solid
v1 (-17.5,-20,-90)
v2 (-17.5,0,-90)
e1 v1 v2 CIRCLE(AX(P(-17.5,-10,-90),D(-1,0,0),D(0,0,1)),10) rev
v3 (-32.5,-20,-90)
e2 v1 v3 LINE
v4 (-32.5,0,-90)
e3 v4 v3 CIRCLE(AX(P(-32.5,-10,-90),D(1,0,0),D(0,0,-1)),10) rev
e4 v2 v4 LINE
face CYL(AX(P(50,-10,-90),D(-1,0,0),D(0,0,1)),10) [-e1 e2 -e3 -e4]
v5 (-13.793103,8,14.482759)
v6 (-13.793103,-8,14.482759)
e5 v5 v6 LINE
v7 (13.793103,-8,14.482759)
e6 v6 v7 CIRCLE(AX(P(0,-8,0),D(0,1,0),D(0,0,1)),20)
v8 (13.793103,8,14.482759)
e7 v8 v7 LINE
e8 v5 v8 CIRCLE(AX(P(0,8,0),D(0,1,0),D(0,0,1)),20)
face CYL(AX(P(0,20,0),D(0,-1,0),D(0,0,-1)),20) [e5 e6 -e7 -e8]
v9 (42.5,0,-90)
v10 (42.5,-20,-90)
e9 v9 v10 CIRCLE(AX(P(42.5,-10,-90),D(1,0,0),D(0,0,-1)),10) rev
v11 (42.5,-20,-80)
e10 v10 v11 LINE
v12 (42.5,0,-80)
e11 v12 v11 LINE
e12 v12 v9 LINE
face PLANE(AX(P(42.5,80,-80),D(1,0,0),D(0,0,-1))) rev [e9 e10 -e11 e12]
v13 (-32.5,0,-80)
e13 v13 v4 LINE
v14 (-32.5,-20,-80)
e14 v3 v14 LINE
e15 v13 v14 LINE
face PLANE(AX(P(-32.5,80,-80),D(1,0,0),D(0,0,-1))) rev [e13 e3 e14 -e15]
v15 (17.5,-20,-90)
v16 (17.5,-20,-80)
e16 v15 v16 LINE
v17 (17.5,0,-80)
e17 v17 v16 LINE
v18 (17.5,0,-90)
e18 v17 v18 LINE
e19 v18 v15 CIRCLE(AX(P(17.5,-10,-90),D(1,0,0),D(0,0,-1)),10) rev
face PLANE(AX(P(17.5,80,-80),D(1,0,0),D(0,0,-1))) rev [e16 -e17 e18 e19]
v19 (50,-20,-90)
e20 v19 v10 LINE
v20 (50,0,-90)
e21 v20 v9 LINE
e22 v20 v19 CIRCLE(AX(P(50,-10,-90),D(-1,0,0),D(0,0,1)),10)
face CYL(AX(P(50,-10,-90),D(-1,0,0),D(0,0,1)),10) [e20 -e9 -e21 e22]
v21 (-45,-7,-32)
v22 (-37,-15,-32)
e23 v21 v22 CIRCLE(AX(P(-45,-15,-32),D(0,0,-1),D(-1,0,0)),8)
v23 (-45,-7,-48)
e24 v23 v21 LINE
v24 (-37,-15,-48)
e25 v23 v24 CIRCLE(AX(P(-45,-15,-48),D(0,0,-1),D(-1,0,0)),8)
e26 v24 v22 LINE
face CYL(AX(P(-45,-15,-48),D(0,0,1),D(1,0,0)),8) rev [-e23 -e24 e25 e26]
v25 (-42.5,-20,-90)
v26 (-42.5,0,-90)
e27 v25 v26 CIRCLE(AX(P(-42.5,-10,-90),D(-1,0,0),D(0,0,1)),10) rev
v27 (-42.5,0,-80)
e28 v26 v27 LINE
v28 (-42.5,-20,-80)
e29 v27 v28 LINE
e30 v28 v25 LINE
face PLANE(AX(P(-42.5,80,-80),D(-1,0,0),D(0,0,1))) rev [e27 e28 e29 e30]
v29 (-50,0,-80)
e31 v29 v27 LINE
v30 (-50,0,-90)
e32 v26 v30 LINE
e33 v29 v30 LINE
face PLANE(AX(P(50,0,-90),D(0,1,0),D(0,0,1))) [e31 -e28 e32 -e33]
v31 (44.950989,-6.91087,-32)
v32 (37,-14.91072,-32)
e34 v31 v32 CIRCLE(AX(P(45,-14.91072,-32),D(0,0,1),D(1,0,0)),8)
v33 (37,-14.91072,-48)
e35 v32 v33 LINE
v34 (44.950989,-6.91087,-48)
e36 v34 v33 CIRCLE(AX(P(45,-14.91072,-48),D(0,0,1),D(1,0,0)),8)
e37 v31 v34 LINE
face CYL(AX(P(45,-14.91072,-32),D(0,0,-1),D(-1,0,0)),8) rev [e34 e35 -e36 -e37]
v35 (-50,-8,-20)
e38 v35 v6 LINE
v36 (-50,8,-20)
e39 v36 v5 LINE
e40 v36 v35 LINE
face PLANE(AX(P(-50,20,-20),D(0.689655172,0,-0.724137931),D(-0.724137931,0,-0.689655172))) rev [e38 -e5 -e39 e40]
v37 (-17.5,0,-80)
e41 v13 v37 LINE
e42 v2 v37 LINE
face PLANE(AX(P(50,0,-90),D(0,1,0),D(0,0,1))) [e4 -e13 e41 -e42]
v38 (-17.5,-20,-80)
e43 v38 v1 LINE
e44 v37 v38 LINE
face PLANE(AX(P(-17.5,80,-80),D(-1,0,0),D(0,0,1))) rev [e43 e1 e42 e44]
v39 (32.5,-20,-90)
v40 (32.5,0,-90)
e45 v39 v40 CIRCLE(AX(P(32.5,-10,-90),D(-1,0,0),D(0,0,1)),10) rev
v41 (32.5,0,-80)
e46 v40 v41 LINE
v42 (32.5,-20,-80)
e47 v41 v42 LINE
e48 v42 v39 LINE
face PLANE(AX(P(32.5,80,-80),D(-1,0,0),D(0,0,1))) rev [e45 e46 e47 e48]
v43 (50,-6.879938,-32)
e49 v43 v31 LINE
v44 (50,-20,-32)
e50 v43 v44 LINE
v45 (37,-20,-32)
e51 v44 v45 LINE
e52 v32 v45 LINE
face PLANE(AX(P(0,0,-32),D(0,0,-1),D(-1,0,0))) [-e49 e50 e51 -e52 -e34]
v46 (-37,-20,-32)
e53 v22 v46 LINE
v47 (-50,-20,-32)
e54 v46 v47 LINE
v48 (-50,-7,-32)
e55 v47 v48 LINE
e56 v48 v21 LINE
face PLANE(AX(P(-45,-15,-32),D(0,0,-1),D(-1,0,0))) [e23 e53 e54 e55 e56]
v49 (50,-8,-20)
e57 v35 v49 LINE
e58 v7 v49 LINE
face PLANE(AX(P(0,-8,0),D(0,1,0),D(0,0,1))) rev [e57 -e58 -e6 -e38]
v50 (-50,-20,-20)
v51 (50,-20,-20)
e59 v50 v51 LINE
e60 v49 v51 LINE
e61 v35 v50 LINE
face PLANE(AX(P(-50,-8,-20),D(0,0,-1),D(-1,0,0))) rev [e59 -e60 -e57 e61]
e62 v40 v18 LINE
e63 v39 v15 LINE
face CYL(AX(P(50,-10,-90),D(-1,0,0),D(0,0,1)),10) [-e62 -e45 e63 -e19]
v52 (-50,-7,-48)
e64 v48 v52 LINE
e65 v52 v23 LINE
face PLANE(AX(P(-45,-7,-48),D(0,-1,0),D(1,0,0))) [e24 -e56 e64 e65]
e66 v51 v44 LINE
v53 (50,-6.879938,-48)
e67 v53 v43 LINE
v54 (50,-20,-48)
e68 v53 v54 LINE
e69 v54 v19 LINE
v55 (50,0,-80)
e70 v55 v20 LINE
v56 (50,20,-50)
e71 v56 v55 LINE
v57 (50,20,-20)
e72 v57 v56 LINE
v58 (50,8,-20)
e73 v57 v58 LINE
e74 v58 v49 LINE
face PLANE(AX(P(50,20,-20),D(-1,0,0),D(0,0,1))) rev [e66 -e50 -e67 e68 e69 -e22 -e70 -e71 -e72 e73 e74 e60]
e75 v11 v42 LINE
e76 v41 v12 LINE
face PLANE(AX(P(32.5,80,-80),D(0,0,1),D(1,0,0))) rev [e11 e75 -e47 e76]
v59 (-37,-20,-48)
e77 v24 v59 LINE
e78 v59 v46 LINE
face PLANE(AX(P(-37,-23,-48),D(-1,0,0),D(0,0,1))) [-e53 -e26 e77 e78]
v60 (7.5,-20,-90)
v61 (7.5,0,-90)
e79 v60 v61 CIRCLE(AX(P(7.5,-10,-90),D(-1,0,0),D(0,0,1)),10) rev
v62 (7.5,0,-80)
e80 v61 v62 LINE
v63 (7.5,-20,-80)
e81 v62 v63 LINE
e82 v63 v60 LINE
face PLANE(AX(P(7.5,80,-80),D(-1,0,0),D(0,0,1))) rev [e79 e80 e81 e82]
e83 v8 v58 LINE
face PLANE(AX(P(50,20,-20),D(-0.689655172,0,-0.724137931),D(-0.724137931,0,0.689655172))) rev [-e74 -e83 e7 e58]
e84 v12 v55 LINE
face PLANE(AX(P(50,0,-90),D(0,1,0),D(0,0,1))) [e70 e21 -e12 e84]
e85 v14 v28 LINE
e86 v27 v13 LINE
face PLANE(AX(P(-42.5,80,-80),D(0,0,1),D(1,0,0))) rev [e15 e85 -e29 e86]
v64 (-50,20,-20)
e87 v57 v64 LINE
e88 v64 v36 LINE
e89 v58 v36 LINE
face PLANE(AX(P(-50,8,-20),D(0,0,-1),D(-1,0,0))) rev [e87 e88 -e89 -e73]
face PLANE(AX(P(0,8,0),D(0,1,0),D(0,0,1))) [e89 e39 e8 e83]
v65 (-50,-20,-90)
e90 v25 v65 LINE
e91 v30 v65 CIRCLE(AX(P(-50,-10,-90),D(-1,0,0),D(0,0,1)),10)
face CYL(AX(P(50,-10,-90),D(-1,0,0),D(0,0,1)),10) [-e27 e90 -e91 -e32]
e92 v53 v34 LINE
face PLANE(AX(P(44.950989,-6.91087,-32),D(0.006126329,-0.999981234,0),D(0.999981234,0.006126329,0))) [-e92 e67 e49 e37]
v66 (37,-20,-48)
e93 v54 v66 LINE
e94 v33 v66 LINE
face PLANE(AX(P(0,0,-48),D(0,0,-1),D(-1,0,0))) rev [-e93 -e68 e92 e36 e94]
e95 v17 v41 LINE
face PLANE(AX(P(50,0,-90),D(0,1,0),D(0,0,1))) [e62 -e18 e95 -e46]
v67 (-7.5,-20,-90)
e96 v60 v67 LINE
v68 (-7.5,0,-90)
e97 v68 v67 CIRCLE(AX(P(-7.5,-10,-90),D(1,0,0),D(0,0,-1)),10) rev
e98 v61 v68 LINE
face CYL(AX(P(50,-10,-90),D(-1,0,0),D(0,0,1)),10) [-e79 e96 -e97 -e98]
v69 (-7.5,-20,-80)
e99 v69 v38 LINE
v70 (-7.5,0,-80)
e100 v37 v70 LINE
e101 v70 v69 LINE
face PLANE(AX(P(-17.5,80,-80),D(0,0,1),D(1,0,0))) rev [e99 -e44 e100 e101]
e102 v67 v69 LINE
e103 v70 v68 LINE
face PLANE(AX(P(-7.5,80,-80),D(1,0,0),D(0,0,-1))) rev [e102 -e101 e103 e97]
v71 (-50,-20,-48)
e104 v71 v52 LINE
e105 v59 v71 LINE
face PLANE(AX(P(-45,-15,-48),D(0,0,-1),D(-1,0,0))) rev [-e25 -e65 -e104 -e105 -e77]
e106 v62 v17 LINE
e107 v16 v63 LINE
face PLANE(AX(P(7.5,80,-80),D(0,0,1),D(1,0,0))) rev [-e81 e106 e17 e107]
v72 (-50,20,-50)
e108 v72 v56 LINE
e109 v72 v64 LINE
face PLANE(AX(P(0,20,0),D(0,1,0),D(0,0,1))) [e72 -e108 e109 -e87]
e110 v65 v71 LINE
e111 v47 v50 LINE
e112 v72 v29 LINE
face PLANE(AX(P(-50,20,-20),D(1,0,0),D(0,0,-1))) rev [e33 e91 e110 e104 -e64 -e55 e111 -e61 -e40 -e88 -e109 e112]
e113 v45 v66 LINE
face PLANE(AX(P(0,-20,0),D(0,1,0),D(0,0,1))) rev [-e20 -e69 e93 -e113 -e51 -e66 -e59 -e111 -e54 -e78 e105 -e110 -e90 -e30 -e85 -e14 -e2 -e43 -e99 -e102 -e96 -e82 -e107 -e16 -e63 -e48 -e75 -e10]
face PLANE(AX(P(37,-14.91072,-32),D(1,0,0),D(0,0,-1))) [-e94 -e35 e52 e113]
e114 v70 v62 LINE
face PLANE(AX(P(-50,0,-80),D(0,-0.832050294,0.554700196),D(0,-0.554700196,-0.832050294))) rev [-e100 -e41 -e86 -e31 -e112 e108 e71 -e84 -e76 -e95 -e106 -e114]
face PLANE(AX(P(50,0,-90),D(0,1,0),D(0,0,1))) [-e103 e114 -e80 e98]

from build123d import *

# Parameters (mm, degrees)
EXTRUDE_1_DEPTH     = 20
SKETCH_2_W          = 106.736402143
SKETCH_2_H          = 47.429352318
CUT_EXTRUDE_1_DEPTH = 12
SKETCH_3_W          = 102.678215223
SKETCH_3_H          = 46.458192726
CUT_EXTRUDE_2_DEPTH = 12
CUT_EXTRUDE_3_DEPTH = 130.614813968
CUT_EXTRUDE_4_DEPTH = 16
EXTRUDE_4_DEPTH     = 100
SKETCH_8_W          = 10
SKETCH_8_H          = 20
CUT_EXTRUDE_6_DEPTH = 100
CUT_EXTRUDE_7_DEPTH = 16


with BuildPart() as part:
    # 草图1 → 凸台-拉伸1 (new, symmetric)
    with BuildSketch(Plane(origin=(0, 0, 0), x_dir=(1, 0, 0), z_dir=(0, 1, 0))):
        with BuildLine():
            Line((-50, 20), (-13.793103448, -14.482758621))
            ThreePointArc((-13.793103448, -14.482758621), (0, -20), (13.793103448, -14.482758621))
            Line((13.793103448, -14.482758621), (50, 20))
            Line((50, 20), (50, 80))
            Line((50, 80), (-50, 80))
            Line((-50, 80), (-50, 20))
        make_face()
    extrude(amount=EXTRUDE_1_DEPTH, both=True)

    # 草图2 → 切除-拉伸1 (cut)
    with BuildSketch(Plane(origin=(0, 20, 0), x_dir=(1, 0, 0), z_dir=(0, 1, 0))):
        with Locations((3.368201072, -3.714676159)):
            Rectangle(SKETCH_2_W, SKETCH_2_H)
    extrude(amount=-CUT_EXTRUDE_1_DEPTH, mode=Mode.SUBTRACT)

    # 草图3 → 切除-拉伸2 (cut)
    with BuildSketch(Plane.XZ.offset(20)):
        with Locations((1.339107612, 3.229096363)):
            Rectangle(SKETCH_3_W, SKETCH_3_H)
    extrude(amount=-CUT_EXTRUDE_2_DEPTH, mode=Mode.SUBTRACT)

    # 草图4 → 切除-拉伸3 (cut, through all)
    with BuildSketch(Plane(origin=(50, 0, 0), x_dir=(0, 0, -1), z_dir=(1, 0, 0))):
        Polygon((80, 0), (50, 20), (88.61691531, 20), (88.61691531, 0), align=None)
    extrude(amount=-CUT_EXTRUDE_3_DEPTH, mode=Mode.SUBTRACT)

    # Sketch 3D_1 → 切除-拉伸4 (cut)
    with BuildSketch(Plane(origin=(37, -14.910720316, -32), x_dir=(0.9127147422515467, 0.40859735593453445, 0), z_dir=(0, 0, -1))):
        with BuildLine():
            Line((0, 0), (-3.444952044, 7.6952493))
            Line((-3.444952044, 7.6952493), (4.401902282, 10.724720717))
            ThreePointArc((4.401902282, 10.724720717), (10.279015254, 10.694120637), (14.549253267, 6.655994763))
            Line((14.549253267, 6.655994763), (19.7295953, 0))
            Line((19.7295953, 0), (10.525702717, -4.05282768))
            ThreePointArc((10.525702717, -4.05282768), (4.4271171, -4.196920719), (0, 0))
        make_face()
    extrude(amount=CUT_EXTRUDE_4_DEPTH, mode=Mode.SUBTRACT)

    # 草图6 → 凸台-拉伸4 (add)
    with BuildSketch(Plane.ZY.offset(50)):
        with BuildLine():
            Line((-90, 0), (-80, 0))
            Line((-80, 0), (-80, -20))
            Line((-80, -20), (-90, -20))
            ThreePointArc((-90, -20), (-100, -10), (-90, 0))
        make_face()
    extrude(amount=-EXTRUDE_4_DEPTH)

    # 草图8 → 切除-拉伸6 (cut)
    with BuildSketch(Plane.XZ.offset(20)):
        with Locations((-37.5, -90)):
            Rectangle(SKETCH_8_W, SKETCH_8_H)
        with Locations((-12.5, -90)):
            Rectangle(SKETCH_8_W, SKETCH_8_H)
        with Locations((12.5, -90)):
            Rectangle(SKETCH_8_W, SKETCH_8_H)
        with Locations((37.5, -90)):
            Rectangle(SKETCH_8_W, SKETCH_8_H)
    extrude(amount=-CUT_EXTRUDE_6_DEPTH, mode=Mode.SUBTRACT)

    # 草图9 → 切除-拉伸7 (cut)
    with BuildSketch(Plane(origin=(0, 0, -32), x_dir=(-1, 0, 0), z_dir=(0, 0, -1))):
        with BuildLine():
            Line((45, -7), (50, -7))
            Line((50, -7), (59.459591305, -7))
            Line((59.459591305, -7), (59.459591305, -23))
            Line((59.459591305, -23), (37, -23))
            Line((37, -23), (37, -15))
            ThreePointArc((37, -15), (39.343145751, -9.343145751), (45, -7))
        make_face()
    extrude(amount=CUT_EXTRUDE_7_DEPTH, mode=Mode.SUBTRACT)


solid = part.part
